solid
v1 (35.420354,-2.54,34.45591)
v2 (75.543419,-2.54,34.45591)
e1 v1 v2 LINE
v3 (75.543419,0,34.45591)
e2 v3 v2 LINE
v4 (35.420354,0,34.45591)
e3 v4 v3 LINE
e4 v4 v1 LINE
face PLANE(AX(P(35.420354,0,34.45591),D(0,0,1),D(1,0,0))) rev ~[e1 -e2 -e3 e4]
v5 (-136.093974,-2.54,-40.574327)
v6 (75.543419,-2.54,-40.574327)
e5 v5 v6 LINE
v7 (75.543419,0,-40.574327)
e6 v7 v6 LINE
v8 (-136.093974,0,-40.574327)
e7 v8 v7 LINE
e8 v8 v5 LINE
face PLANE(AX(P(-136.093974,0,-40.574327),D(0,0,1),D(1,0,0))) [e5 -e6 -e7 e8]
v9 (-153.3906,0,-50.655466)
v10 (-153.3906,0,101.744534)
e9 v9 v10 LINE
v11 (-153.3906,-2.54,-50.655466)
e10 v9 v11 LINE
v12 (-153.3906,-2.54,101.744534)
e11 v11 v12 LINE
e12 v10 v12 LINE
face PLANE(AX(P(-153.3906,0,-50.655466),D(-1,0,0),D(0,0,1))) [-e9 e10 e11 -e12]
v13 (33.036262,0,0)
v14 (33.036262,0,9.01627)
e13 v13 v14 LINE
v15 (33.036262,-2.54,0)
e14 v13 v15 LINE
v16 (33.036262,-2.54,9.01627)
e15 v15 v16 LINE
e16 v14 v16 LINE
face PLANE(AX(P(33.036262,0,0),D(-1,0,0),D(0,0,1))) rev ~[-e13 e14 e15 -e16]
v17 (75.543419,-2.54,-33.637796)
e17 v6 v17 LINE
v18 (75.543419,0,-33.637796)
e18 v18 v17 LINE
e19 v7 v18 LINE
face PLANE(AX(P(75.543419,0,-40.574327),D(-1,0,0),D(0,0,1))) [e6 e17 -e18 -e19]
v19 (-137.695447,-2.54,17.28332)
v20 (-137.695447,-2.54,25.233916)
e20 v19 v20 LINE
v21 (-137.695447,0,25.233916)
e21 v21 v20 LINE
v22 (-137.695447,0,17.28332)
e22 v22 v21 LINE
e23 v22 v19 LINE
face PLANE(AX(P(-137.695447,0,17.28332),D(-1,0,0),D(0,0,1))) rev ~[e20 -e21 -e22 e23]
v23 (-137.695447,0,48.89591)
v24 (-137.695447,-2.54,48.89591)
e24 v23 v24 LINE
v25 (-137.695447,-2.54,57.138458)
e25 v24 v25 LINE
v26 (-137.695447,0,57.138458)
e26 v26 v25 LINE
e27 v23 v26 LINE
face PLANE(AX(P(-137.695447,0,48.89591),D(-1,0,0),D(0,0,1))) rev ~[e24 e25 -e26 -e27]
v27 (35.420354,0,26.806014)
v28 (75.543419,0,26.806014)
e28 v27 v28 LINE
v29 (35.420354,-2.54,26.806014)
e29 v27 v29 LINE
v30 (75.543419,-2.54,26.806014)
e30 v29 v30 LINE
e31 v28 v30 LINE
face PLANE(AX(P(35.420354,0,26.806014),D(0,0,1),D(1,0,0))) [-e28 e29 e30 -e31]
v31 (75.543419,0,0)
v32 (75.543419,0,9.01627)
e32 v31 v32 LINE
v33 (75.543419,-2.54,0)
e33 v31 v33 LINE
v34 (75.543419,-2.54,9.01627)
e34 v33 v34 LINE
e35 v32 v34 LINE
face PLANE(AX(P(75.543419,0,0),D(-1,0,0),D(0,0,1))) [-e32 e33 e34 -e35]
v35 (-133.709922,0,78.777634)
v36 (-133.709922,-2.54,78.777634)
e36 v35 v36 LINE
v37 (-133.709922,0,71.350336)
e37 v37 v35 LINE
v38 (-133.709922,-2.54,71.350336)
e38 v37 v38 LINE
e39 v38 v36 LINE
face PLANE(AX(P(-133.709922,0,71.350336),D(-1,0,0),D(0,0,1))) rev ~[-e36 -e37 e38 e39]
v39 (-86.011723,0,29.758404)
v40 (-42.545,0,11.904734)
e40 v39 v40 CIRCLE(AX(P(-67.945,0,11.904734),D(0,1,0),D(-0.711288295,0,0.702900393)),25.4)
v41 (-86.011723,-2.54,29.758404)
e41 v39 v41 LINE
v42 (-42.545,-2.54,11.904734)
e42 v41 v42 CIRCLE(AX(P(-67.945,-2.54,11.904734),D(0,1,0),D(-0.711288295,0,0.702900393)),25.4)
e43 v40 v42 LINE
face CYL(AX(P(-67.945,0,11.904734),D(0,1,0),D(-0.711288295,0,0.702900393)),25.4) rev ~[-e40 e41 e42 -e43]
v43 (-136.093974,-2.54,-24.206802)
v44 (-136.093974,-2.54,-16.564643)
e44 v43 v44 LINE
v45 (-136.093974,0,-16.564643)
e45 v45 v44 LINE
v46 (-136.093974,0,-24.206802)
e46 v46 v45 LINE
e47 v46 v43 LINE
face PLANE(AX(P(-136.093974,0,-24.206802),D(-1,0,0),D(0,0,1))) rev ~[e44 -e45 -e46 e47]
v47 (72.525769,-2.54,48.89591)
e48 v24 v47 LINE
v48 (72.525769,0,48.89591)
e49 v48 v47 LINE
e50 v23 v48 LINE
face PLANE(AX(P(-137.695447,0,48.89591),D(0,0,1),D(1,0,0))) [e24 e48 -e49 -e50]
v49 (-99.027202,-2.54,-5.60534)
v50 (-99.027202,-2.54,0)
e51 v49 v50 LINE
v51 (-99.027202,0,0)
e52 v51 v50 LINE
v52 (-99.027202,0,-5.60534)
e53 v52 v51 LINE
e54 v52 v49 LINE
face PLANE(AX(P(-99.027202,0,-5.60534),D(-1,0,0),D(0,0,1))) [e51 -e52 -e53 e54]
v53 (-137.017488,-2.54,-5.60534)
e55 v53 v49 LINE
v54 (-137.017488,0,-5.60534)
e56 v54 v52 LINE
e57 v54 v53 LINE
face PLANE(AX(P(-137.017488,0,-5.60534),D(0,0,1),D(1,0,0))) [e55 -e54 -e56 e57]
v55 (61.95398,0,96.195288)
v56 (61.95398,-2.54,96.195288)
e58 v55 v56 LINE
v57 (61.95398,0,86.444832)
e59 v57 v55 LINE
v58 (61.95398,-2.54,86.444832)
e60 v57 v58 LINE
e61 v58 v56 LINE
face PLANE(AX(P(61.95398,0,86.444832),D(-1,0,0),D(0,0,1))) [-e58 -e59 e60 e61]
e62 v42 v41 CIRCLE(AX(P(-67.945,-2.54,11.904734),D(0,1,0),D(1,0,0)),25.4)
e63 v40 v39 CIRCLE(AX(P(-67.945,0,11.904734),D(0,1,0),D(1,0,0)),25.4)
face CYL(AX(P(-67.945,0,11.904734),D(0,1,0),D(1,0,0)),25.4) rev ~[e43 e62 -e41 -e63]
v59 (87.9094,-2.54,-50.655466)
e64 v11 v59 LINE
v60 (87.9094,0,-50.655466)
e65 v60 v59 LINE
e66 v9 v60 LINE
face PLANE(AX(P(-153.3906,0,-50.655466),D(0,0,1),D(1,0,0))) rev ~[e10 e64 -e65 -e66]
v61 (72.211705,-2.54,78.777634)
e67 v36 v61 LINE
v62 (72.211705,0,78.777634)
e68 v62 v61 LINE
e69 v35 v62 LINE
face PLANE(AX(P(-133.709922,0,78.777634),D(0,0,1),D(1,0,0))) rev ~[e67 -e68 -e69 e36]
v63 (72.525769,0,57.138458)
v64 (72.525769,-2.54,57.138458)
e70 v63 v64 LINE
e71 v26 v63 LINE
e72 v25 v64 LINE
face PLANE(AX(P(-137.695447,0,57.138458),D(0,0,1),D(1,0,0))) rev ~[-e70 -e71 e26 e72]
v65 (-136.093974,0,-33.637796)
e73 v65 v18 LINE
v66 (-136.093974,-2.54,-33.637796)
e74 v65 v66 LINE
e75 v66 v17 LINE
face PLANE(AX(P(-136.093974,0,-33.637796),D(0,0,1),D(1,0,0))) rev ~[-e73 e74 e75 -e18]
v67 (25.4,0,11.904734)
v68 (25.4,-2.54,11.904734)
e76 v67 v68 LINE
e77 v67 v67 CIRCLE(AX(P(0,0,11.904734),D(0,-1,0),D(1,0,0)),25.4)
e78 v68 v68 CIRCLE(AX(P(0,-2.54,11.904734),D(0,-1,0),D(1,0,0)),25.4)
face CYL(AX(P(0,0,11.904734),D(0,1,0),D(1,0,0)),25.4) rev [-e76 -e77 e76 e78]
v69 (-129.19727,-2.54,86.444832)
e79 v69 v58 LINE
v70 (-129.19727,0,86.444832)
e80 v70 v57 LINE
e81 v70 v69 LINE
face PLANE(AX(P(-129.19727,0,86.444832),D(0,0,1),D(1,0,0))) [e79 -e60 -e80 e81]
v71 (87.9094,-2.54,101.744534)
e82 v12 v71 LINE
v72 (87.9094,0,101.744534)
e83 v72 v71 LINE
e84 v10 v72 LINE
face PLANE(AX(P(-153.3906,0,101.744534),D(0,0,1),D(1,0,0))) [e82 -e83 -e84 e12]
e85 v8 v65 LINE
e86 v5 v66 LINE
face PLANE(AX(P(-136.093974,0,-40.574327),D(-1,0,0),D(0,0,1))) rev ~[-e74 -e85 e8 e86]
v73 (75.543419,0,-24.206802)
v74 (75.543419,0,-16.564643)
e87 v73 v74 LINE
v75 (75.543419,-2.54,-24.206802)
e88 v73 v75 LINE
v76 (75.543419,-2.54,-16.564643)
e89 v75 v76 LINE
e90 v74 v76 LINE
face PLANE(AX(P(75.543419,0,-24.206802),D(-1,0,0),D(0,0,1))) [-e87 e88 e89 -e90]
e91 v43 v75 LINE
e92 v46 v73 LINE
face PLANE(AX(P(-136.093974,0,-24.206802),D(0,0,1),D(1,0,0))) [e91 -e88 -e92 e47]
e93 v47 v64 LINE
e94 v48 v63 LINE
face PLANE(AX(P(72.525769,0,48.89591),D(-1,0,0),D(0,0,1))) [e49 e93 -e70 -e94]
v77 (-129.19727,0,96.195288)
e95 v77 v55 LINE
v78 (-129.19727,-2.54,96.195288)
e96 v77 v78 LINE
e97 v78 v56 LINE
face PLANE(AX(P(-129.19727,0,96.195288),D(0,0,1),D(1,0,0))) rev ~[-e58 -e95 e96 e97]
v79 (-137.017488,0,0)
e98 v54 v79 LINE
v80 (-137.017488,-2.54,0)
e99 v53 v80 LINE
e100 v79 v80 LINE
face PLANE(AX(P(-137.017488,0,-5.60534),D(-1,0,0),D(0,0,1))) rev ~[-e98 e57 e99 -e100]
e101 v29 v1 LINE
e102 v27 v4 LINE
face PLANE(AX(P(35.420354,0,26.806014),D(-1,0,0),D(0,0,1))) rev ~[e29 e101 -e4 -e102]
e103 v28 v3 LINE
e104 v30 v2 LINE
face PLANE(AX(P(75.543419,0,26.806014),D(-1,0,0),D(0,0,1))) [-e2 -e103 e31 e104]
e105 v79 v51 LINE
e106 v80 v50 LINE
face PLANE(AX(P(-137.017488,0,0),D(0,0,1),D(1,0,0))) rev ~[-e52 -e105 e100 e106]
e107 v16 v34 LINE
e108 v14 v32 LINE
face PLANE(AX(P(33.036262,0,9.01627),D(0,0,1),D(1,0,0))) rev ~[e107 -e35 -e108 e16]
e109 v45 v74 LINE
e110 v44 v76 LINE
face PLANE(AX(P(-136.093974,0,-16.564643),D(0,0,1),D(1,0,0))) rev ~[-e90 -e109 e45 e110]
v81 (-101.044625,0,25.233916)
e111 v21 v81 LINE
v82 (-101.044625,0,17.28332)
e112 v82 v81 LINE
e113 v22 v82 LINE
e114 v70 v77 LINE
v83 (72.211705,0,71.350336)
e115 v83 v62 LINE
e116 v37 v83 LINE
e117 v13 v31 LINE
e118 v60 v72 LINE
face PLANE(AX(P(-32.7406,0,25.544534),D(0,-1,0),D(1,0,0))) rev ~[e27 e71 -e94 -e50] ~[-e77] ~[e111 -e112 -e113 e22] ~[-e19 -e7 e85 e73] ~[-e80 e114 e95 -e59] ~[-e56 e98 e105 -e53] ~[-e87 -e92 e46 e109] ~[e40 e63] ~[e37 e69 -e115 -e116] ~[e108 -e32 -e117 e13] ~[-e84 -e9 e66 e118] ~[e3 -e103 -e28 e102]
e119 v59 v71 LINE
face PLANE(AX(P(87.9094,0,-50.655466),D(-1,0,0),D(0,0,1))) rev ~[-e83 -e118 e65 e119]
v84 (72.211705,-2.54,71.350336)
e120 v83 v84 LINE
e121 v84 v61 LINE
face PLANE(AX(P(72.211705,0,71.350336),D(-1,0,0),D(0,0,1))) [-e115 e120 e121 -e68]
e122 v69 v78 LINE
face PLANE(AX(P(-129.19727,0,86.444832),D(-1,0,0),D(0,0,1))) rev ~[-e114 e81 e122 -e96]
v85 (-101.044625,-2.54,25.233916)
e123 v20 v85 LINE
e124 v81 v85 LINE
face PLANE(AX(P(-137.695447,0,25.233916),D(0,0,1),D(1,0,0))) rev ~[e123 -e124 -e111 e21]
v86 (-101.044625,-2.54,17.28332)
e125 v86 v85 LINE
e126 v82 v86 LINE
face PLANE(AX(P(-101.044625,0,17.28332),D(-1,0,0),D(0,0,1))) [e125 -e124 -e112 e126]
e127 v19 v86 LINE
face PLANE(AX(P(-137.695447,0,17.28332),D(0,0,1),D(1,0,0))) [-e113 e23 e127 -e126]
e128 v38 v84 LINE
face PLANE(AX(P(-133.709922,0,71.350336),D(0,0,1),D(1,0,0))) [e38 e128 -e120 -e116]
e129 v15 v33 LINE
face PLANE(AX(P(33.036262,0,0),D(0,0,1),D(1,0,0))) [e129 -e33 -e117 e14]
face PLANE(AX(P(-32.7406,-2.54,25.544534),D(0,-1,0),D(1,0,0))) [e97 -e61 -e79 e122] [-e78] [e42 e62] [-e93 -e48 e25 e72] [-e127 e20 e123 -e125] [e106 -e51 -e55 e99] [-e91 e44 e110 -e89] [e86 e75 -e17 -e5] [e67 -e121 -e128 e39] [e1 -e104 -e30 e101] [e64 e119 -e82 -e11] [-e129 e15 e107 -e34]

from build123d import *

# Parameters (mm, degrees)
F0_W     = 241.3
F0_H     = 152.4
F0_W_2   = 37.9902869463
F0_H_2   = 5.6053395383
F0_W_3   = 36.6508215666
F0_H_3   = 7.95059558
F0_W_4   = 211.6373926401
F0_H_4   = 6.9365315139
F0_H_5   = 7.6421592385
F0_R     = 25.4
F0_W_5   = 42.5071567297
F0_H_6   = 9.0162698179
F0_W_6   = 191.1512501538
F0_H_7   = 9.7504556179
F0_W_7   = 210.2212160826
F0_H_8   = 8.2425475121
F0_W_8   = 40.1230640709
F0_H_9   = 7.6498966664
F0_W_9   = 205.9216275811
F0_H_10  = 7.4272975326
F1_DEPTH = 2.54
F2_DEPTH = 2.54


with BuildPart() as f1:
    # F0 (on Front) → F1 (new body)
    with BuildSketch(Plane.XZ):
        with Locations((-32.7406, 25.5445336595)):
            Rectangle(F0_W, F0_H)
        with Locations((-118.0223450065, -2.8026697692)):
            Rectangle(F0_W_2, F0_H_2, mode=Mode.SUBTRACT)
        with Locations((-119.3700358272, 21.258618217)):
            Rectangle(F0_W_3, F0_H_3, mode=Mode.SUBTRACT)
        with BuildLine():
            ThreePointArc((-86.0117226839, 29.7584036313), (-58.2944755627, 35.3999965456), (-42.545, 11.9047336595))
            ThreePointArc((-42.545, 11.9047336595), (-77.5955244373, -11.5905292266), (-86.0117226839, 29.7584036313))
        make_face(mode=Mode.SUBTRACT)
        with Locations((-30.2752777934, -37.1060613543)):
            Rectangle(F0_W_4, F0_H_4, mode=Mode.SUBTRACT)
        with Locations((-30.2752777934, -20.3857226297)):
            Rectangle(F0_W_4, F0_H_5, mode=Mode.SUBTRACT)
        with Locations((0, 11.9047336595)):
            Circle(F0_R, mode=Mode.SUBTRACT)
        with Locations((54.2898401618, 4.508134909)):
            Rectangle(F0_W_5, F0_H_6, mode=Mode.SUBTRACT)
        with Locations((-33.6216446012, 91.3200601935)):
            Rectangle(F0_W_6, F0_H_7, mode=Mode.SUBTRACT)
        with Locations((-32.5848385692, 53.0171841383)):
            Rectangle(F0_W_7, F0_H_8, mode=Mode.SUBTRACT)
        with Locations((55.4818864912, 30.6309619918)):
            Rectangle(F0_W_8, F0_H_9, mode=Mode.SUBTRACT)
        with Locations((-30.7491086423, 75.0639848411)):
            Rectangle(F0_W_9, F0_H_10, mode=Mode.SUBTRACT)
    extrude(amount=F1_DEPTH)

    # F0 (on Front) → F2 (join)
    with BuildSketch(Plane.XZ):
        with Locations((-32.7406, 25.5445336595)):
            Rectangle(F0_W, F0_H)
        with Locations((-118.0223450065, -2.8026697692)):
            Rectangle(F0_W_2, F0_H_2, mode=Mode.SUBTRACT)
        with Locations((-119.3700358272, 21.258618217)):
            Rectangle(F0_W_3, F0_H_3, mode=Mode.SUBTRACT)
        with BuildLine():
            ThreePointArc((-86.0117226839, 29.7584036313), (-58.2944755627, 35.3999965456), (-42.545, 11.9047336595))
            ThreePointArc((-42.545, 11.9047336595), (-77.5955244373, -11.5905292266), (-86.0117226839, 29.7584036313))
        make_face(mode=Mode.SUBTRACT)
        with Locations((-30.2752777934, -37.1060613543)):
            Rectangle(F0_W_4, F0_H_4, mode=Mode.SUBTRACT)
        with Locations((-30.2752777934, -20.3857226297)):
            Rectangle(F0_W_4, F0_H_5, mode=Mode.SUBTRACT)
        with Locations((0, 11.9047336595)):
            Circle(F0_R, mode=Mode.SUBTRACT)
        with Locations((54.2898401618, 4.508134909)):
            Rectangle(F0_W_5, F0_H_6, mode=Mode.SUBTRACT)
        with Locations((-33.6216446012, 91.3200601935)):
            Rectangle(F0_W_6, F0_H_7, mode=Mode.SUBTRACT)
        with Locations((-32.5848385692, 53.0171841383)):
            Rectangle(F0_W_7, F0_H_8, mode=Mode.SUBTRACT)
        with Locations((55.4818864912, 30.6309619918)):
            Rectangle(F0_W_8, F0_H_9, mode=Mode.SUBTRACT)
        with Locations((-30.7491086423, 75.0639848411)):
            Rectangle(F0_W_9, F0_H_10, mode=Mode.SUBTRACT)
    extrude(amount=F2_DEPTH)


solid = f1.part
